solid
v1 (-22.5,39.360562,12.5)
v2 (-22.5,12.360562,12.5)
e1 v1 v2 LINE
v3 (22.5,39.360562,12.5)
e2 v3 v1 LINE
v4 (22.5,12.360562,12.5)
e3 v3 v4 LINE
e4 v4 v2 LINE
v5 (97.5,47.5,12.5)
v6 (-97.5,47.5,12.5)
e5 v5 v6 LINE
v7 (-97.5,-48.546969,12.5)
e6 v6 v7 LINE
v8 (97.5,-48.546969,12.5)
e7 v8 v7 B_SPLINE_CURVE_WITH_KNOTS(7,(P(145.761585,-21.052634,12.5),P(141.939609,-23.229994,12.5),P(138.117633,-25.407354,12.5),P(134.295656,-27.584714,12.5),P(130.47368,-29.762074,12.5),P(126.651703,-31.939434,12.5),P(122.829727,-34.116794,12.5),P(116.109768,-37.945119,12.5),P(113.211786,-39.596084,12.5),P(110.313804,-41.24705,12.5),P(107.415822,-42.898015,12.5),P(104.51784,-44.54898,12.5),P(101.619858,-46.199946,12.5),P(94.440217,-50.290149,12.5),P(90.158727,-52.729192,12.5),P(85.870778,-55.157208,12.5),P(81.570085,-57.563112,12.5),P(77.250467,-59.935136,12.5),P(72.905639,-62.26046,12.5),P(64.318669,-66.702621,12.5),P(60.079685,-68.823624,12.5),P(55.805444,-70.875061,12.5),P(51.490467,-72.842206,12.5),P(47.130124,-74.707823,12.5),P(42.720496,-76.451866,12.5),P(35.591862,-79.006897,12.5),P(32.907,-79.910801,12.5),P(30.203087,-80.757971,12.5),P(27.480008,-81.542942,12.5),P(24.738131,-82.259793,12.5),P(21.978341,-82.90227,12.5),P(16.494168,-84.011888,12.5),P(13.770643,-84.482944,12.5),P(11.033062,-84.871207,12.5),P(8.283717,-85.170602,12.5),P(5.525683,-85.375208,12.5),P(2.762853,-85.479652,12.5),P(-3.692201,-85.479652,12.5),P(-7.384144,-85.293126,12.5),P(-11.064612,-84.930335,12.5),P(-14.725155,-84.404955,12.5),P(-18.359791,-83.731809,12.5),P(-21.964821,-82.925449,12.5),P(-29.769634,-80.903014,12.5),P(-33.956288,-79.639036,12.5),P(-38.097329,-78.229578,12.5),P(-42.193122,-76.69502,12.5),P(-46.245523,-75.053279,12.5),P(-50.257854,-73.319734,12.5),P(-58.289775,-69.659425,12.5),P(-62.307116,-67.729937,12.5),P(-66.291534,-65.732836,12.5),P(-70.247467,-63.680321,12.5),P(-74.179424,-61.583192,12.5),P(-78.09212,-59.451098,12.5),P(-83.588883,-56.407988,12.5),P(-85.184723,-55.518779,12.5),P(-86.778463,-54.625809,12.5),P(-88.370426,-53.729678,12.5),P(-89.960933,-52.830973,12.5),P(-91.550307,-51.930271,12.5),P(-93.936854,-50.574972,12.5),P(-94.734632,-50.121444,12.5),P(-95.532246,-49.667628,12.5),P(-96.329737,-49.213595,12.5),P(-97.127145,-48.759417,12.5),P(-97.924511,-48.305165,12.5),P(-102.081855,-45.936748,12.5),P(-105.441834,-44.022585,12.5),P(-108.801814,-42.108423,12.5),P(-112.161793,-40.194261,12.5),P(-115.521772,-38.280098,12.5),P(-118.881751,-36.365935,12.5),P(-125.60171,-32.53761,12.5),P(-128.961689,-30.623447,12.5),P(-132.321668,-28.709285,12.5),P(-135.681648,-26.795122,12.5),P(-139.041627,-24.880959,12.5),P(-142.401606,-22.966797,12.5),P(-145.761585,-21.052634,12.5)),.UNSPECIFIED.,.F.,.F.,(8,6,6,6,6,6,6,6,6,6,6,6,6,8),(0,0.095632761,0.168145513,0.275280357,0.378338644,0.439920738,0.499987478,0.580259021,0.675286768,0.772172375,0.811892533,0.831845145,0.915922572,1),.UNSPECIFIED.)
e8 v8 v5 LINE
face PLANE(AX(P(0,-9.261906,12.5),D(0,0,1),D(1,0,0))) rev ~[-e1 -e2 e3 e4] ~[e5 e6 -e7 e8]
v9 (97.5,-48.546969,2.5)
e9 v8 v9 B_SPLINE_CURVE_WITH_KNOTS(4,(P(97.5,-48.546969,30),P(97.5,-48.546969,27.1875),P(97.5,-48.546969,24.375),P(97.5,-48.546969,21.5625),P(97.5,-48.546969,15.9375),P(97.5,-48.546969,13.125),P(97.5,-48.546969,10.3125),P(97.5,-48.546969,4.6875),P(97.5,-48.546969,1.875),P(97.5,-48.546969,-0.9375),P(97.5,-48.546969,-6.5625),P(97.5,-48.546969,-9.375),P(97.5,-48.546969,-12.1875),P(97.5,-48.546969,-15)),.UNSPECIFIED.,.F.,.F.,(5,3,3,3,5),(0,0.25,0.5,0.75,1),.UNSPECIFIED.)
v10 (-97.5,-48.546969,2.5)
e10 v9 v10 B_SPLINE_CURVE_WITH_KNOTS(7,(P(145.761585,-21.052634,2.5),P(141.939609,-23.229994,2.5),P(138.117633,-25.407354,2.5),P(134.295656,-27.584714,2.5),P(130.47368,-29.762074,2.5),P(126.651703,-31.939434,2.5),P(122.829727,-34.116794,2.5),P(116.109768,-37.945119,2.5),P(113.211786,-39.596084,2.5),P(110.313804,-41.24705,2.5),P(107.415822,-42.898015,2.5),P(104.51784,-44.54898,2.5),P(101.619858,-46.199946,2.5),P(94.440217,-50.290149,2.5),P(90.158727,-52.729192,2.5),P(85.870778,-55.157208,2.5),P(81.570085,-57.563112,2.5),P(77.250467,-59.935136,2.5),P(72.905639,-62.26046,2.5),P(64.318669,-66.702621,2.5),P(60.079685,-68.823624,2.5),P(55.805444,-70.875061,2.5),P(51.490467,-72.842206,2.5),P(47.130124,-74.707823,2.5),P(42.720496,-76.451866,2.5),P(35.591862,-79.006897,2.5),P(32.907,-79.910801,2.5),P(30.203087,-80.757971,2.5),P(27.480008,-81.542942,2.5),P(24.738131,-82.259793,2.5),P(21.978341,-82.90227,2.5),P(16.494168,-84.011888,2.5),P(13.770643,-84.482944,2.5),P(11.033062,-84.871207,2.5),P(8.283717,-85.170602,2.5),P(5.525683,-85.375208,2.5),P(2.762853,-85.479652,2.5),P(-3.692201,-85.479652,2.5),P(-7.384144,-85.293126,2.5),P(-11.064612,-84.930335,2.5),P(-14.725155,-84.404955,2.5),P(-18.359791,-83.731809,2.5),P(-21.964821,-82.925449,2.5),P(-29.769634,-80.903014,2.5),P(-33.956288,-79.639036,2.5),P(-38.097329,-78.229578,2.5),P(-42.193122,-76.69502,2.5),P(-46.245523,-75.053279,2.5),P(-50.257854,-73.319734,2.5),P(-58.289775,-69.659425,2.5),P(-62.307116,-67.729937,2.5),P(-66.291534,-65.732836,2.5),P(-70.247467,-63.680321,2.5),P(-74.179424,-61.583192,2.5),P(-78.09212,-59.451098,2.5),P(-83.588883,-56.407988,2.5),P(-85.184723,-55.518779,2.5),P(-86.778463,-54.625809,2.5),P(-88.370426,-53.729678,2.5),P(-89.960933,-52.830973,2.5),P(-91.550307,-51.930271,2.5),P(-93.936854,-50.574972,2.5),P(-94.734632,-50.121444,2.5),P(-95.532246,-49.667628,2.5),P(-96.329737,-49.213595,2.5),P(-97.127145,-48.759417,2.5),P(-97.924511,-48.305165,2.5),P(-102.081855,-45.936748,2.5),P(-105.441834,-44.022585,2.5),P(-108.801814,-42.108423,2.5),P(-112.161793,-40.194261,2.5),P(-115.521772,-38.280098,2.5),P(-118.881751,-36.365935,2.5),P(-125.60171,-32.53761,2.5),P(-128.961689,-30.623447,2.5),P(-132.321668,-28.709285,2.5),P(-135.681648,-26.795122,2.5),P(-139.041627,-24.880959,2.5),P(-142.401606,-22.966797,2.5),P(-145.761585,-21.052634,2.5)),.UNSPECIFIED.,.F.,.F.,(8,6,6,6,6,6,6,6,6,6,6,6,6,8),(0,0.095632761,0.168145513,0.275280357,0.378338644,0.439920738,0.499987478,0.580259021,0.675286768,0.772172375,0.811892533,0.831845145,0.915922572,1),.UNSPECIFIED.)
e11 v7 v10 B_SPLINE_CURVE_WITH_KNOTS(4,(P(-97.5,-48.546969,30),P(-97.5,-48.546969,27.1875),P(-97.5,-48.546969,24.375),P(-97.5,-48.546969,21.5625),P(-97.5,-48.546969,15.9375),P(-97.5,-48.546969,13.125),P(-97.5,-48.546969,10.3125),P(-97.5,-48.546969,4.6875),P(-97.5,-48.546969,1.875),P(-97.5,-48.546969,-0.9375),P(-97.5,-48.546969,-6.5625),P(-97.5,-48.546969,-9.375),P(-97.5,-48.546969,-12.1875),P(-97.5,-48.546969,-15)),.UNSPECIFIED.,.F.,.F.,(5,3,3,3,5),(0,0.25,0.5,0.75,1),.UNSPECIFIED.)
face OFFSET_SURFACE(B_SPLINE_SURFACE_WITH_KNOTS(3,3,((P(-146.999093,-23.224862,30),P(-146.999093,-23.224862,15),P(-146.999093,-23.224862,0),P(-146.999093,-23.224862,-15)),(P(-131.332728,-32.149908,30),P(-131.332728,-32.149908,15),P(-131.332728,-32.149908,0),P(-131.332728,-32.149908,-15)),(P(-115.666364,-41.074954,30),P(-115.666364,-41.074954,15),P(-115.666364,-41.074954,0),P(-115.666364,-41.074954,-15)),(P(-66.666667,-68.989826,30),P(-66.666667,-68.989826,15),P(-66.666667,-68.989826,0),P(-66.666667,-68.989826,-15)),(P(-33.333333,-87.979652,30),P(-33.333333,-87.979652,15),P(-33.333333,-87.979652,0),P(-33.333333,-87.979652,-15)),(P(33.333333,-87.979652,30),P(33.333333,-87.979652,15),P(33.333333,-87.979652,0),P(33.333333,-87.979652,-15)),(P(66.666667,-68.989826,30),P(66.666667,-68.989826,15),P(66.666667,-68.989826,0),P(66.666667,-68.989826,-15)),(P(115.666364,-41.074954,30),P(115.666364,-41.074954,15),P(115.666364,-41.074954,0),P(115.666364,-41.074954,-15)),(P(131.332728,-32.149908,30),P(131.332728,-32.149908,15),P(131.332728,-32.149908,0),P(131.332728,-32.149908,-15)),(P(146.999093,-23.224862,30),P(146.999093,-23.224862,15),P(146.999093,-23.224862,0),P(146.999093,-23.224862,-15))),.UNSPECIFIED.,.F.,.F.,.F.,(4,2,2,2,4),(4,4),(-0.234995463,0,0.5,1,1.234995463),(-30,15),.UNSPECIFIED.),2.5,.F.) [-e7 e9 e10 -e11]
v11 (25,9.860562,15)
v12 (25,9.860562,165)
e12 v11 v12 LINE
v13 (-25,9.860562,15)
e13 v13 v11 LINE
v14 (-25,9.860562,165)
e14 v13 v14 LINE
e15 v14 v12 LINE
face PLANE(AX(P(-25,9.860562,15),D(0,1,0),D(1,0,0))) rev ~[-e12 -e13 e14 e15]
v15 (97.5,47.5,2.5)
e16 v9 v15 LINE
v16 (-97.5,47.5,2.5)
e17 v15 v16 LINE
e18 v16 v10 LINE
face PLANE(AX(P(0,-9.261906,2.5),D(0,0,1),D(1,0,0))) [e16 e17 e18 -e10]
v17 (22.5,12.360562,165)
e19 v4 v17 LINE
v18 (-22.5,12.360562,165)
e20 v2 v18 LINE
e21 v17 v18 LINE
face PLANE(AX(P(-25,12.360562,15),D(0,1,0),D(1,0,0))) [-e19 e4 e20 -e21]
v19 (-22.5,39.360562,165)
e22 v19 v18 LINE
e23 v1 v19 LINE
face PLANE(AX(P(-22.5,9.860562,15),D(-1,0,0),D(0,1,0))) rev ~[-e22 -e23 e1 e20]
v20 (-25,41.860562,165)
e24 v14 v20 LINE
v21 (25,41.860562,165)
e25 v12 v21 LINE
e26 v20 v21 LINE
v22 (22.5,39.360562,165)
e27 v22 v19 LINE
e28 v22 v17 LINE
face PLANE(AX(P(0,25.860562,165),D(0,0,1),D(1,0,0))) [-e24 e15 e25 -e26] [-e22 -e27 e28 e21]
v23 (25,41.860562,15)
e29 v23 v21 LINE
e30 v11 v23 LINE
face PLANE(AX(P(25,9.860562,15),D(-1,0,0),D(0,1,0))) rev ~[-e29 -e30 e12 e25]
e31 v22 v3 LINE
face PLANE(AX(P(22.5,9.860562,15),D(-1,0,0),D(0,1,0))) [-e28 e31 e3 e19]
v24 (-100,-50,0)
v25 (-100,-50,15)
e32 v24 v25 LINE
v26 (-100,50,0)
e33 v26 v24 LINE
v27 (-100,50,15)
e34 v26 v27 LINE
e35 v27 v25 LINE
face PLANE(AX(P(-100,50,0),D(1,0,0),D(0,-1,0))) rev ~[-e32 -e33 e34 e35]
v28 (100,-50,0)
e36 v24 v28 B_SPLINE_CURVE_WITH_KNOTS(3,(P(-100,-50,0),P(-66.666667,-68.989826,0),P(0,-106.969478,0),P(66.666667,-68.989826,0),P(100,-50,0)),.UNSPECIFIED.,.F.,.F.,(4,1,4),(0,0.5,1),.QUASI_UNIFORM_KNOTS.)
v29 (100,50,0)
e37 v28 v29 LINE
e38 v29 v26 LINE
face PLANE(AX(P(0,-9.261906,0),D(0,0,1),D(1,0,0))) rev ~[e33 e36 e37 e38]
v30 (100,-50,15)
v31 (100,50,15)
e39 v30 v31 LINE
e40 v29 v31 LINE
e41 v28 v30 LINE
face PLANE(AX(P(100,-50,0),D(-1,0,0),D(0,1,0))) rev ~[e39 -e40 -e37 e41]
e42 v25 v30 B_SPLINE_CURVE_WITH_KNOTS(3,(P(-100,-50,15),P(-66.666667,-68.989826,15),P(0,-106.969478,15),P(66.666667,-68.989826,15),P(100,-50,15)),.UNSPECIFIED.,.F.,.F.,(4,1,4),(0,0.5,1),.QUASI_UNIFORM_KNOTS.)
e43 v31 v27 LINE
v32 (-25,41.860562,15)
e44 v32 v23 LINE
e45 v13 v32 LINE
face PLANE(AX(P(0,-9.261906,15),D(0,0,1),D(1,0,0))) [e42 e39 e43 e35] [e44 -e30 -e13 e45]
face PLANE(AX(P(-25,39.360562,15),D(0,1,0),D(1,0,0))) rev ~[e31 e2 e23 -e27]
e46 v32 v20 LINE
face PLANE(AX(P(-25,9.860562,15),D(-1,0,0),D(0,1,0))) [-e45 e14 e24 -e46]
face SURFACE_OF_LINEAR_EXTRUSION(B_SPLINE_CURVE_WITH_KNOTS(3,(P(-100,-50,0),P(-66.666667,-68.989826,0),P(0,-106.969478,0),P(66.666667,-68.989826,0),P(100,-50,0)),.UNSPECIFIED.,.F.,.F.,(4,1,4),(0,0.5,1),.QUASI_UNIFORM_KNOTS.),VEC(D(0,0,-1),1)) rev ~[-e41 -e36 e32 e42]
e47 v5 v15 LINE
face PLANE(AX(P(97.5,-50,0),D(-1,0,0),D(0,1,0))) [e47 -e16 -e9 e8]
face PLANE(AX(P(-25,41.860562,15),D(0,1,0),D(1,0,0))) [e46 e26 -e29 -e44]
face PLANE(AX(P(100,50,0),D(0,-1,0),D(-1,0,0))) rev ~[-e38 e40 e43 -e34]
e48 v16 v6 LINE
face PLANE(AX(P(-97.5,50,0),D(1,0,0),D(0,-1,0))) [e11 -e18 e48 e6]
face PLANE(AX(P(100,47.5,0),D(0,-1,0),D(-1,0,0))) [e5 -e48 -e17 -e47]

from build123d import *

# Parameters (mm, degrees)
F1_DEPTH = 15
F2_W     = 50
F2_H     = 32
F3_DEPTH = 150
F4_T     = -2.5


with BuildPart() as f1:
    # F0 (on Top) → F1 (new body)
    with BuildSketch(Plane.XY):
        with BuildLine():
            Line((100, 50), (-100, 50))
            Line((-100, 50), (-100, -50))
            add(Edge.make_bspline(
                [(-100, -50), (-66.6666666667, -68.9898259938), (0, -106.9694779813), (66.6666666667, -68.9898259938), (100, -50)],
                knots=[0, 0, 0, 0, 0.5, 1, 1, 1, 1], degree=3))
            Line((100, -50), (100, 50))
        make_face()
    extrude(amount=F1_DEPTH)

    # F2 (on face) → F3 (join)
    with BuildSketch(Plane.XY.offset(15)):
        with Locations((0, 25.8605617276)):
            Rectangle(F2_W, F2_H)
    extrude(amount=F3_DEPTH)

    # F4
    f4_openings = [f1.faces().sort_by_distance(p)[0] for p in [
        (0, 25.860562, 165),
    ]]
    offset(amount=F4_T, openings=f4_openings, kind=Kind.INTERSECTION)


solid = f1.part
